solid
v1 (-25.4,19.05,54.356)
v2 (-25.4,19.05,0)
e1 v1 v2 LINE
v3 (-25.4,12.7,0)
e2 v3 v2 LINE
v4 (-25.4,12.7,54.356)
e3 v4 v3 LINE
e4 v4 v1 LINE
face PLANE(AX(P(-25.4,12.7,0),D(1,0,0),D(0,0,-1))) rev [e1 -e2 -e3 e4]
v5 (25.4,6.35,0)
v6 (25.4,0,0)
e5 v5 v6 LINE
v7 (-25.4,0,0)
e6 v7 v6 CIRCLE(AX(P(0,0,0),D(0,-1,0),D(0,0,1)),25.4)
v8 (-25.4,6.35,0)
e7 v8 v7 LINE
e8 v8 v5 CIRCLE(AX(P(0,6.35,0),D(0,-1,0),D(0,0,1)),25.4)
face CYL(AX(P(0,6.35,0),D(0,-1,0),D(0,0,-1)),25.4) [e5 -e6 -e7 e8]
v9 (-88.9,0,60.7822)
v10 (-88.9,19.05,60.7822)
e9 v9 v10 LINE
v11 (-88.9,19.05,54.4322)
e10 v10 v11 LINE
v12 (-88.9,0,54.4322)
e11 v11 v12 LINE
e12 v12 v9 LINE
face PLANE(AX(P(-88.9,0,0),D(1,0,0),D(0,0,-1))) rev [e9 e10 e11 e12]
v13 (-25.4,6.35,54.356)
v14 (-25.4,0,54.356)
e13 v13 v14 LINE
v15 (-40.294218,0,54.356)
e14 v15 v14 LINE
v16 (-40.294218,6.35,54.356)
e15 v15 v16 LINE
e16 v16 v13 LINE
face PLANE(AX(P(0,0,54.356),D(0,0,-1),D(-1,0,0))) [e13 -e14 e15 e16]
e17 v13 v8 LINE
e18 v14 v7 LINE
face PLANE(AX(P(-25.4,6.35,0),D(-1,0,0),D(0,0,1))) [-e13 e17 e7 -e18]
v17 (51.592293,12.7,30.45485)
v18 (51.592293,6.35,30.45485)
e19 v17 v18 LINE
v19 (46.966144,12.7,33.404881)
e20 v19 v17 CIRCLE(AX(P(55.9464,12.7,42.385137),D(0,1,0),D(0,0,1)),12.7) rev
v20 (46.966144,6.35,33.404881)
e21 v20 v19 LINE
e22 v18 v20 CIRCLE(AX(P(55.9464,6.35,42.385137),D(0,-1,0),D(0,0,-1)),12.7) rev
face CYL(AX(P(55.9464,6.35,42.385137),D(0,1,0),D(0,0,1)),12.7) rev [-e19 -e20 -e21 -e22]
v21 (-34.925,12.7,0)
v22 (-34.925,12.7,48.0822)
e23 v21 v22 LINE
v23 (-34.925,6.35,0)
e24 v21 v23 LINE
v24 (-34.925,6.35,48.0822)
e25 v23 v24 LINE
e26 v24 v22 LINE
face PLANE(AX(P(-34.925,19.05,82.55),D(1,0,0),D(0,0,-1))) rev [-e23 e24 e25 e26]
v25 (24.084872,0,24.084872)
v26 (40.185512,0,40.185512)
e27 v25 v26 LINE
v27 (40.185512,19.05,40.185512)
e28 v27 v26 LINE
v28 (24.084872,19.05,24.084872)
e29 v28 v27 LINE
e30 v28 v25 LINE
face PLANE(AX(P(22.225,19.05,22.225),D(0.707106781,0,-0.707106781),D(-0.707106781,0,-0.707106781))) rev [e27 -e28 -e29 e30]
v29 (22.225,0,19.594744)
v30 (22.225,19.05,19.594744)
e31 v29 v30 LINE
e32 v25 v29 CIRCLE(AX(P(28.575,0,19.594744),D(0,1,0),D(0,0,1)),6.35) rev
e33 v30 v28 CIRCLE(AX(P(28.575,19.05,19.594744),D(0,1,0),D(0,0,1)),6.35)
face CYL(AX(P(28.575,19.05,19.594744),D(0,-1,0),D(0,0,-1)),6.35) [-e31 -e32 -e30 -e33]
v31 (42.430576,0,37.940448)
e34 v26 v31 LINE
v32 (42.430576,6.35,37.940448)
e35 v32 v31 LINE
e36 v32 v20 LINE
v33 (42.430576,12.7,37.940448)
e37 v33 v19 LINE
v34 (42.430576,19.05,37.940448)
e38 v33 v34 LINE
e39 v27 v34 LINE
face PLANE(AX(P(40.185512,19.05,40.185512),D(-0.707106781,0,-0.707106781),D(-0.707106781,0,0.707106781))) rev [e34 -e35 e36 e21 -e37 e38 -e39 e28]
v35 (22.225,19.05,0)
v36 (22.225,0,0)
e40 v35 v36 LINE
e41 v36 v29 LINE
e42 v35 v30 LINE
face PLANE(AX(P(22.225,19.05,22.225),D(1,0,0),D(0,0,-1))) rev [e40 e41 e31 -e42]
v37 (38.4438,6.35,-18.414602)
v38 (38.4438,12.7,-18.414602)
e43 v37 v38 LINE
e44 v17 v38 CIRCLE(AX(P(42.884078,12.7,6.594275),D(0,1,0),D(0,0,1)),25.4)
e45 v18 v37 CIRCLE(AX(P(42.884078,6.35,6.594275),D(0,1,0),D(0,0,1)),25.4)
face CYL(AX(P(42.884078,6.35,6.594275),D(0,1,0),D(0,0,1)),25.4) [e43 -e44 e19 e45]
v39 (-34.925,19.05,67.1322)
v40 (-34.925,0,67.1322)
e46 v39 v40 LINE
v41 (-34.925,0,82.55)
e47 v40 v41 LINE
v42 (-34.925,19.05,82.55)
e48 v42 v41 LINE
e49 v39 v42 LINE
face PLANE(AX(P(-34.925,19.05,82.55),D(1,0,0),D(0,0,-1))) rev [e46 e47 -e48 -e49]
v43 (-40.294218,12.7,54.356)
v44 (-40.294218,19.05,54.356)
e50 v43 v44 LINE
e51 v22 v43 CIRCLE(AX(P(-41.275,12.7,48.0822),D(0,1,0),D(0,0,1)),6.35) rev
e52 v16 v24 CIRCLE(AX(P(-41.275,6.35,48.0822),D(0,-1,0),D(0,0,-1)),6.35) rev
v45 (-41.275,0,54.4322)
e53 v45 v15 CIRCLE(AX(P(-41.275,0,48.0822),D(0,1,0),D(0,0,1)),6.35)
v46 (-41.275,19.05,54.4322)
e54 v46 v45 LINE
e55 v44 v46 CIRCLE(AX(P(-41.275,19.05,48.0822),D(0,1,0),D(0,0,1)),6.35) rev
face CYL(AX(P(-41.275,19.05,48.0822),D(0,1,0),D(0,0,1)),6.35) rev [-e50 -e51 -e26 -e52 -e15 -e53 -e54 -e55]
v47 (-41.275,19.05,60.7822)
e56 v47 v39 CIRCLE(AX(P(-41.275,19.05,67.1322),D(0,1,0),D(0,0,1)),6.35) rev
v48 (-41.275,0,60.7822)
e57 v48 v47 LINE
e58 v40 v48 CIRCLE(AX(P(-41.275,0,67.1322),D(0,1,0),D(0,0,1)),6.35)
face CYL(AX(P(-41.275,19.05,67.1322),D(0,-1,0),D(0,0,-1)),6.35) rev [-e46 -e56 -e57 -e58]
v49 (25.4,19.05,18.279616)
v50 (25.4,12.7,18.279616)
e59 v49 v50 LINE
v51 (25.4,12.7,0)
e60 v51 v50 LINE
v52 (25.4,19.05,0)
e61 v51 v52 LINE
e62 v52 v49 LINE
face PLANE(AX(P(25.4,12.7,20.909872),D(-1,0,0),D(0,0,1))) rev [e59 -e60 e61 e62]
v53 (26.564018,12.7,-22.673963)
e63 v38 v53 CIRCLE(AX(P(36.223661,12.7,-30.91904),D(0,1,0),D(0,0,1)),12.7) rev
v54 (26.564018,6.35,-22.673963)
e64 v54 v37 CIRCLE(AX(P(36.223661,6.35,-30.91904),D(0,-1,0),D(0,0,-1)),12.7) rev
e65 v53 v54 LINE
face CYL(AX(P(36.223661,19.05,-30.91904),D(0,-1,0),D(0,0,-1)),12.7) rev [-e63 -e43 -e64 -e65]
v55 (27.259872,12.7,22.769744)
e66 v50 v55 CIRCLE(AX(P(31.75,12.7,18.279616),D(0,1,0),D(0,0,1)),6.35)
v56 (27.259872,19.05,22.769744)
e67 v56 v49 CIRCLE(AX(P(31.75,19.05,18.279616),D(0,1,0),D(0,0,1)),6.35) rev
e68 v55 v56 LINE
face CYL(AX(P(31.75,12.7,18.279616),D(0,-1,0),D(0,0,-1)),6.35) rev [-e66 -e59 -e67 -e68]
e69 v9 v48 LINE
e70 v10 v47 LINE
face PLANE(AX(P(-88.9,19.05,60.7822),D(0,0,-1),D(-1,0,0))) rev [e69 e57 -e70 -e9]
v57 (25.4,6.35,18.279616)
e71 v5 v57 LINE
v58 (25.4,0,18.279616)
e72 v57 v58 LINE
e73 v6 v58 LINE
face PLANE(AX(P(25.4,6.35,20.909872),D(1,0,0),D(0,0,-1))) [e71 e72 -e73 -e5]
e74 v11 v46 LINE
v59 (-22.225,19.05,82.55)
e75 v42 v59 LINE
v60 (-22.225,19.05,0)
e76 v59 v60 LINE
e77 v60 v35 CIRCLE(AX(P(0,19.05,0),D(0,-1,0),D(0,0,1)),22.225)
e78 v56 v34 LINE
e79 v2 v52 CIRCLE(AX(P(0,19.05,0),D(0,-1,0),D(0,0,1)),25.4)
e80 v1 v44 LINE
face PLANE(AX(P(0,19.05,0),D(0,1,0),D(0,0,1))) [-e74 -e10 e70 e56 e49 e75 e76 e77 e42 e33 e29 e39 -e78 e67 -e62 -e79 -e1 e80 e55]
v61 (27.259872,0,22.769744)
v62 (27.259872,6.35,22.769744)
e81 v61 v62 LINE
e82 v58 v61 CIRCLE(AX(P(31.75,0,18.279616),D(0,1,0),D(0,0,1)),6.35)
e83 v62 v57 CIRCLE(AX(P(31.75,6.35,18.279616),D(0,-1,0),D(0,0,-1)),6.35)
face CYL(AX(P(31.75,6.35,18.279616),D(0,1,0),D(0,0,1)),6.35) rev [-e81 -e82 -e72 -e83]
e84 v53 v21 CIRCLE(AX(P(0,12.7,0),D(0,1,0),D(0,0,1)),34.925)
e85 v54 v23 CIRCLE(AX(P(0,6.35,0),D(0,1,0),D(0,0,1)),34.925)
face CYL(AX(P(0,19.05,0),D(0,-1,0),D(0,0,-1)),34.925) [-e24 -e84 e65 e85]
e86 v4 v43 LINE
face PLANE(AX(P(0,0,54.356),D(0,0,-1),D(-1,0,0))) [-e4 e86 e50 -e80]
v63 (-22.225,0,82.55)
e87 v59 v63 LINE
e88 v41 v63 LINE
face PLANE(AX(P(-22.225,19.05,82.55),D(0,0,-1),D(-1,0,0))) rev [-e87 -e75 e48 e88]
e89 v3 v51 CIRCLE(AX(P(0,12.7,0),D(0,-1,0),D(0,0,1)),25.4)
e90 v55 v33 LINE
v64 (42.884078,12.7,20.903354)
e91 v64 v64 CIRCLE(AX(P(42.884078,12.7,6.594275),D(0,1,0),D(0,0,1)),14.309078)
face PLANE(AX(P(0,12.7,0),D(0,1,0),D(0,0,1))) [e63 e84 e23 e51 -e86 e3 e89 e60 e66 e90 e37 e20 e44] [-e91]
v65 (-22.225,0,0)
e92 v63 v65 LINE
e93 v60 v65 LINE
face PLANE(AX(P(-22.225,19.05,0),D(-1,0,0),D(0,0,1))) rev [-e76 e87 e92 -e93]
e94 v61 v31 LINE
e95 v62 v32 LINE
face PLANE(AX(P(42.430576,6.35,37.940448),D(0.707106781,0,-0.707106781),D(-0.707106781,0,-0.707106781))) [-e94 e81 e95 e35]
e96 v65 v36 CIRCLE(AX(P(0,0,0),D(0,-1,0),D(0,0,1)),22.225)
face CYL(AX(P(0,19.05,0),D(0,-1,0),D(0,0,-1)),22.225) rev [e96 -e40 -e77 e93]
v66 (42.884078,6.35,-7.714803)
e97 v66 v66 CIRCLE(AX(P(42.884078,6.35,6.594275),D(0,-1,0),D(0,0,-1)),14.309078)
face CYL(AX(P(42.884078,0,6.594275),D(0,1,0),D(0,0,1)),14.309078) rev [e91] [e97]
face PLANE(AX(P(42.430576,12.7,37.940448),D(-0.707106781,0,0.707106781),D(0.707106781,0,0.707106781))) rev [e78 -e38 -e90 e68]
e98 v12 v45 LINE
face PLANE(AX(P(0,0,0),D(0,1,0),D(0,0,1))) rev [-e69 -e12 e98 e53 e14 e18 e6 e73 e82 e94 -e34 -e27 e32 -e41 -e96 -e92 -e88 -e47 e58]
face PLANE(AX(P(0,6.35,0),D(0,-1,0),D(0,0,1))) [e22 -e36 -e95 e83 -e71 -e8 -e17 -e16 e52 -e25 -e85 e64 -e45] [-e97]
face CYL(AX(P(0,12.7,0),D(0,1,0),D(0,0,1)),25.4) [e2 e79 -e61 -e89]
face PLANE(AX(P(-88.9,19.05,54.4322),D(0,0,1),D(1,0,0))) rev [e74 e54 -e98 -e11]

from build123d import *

# Parameters (mm, degrees)
BOSS_EXTRUDE1_DEPTH = 19.05
CUT_EXTRUDE3_START  = -6.35
CUT_EXTRUDE3_DEPTH  = 6.35
FILLET1_R           = 6.35
FILLET2_R           = 6.35
SKETCH4_W           = 6.35
SKETCH4_H           = 19.05
BOSS_EXTRUDE2_DEPTH = 63.5
SKETCH6_W           = 12.7
SKETCH6_H           = 19.05
BOSS_EXTRUDE3_DEPTH = 28.194
FILLET4_R           = 6.35
FILLET5_R           = 6.35
BOSS_EXTRUDE4_DEPTH = 6.35
FILLET6_R           = 12.7
FILLET7_R           = 12.7
SKETCH9_R           = 14.309078451
CUT_EXTRUDE5_DEPTH  = 122.979516723


with BuildPart() as part:
    # Sketch1 → Boss-Extrude1 (new body)
    with BuildSketch(Plane(origin=(0, 0, 0), x_dir=(1, 0, 0), z_dir=(0, 1, 0))):
        with BuildLine():
            Line((-22.225, 0), (-22.225, -82.55))
            Line((-22.225, -82.55), (-34.925, -82.55))
            Line((-34.925, -82.55), (-34.925, 0))
            ThreePointArc((-34.925, 0), (0, 34.925), (34.925, 0))
            Line((34.925, 0), (34.925, -16.964487758))
            Line((34.925, -16.964487758), (49.165768363, -31.205256121))
            Line((49.165768363, -31.205256121), (40.185512242, -40.185512242))
            Line((40.185512242, -40.185512242), (22.225, -22.225))
            Line((22.225, -22.225), (22.225, 0))
            ThreePointArc((22.225, 0), (0, 22.225), (-22.225, 0))
        make_face()
    extrude(amount=BOSS_EXTRUDE1_DEPTH)

    # Sketch3 → Cut-Extrude3 (cut)
    with BuildSketch(Plane(origin=(0, 19.05, 0), x_dir=(1, 0, 0), z_dir=(0, 1, 0)).offset(CUT_EXTRUDE3_START)):
        with BuildLine():
            Line((-34.925, 0), (-34.925, -82.55))
            Line((-34.925, -82.55), (-25.4, -82.55))
            Line((-25.4, -82.55), (-25.4, 0))
            ThreePointArc((-25.4, 0), (0, 25.4), (25.4, 0))
            Line((25.4, 0), (25.4, -20.909871939))
            Line((25.4, -20.909871939), (42.430576272, -37.940448212))
            Line((42.430576272, -37.940448212), (49.165768363, -31.205256121))
            Line((49.165768363, -31.205256121), (34.925, -16.964487758))
            Line((34.925, -16.964487758), (34.925, 0))
            ThreePointArc((34.925, 0), (0, 34.925), (-34.925, 0))
        make_face()
    cut_extrude3 = extrude(amount=CUT_EXTRUDE3_DEPTH, mode=Mode.SUBTRACT)

    # Mirror1: Cut-Extrude3 across plane
    add(cut_extrude3.mirror(Plane.ZX.offset(9.525)), mode=Mode.SUBTRACT)

    # Fillet1
    fillet1_edges = [part.edges().sort_by_distance(p)[0] for p in [
        (34.925, 9.525, 16.964487758),
        (25.4, 15.875, 20.909871939),
        (25.4, 3.175, 20.909871939),
    ]]
    fillet(fillet1_edges, radius=FILLET1_R)

    # Fillet2
    fillet2_edges = [part.edges().sort_by_distance(p)[0] for p in [
        (22.225, 9.525, 22.225),
    ]]
    fillet(fillet2_edges, radius=FILLET2_R)

    # Sketch4 → Boss-Extrude2 (add)
    with BuildSketch(Plane.ZY.offset(25.4)):
        with Locations((57.6072, 9.525)):
            Rectangle(SKETCH4_W, SKETCH4_H)
    extrude(amount=BOSS_EXTRUDE2_DEPTH)

    # Sketch6 → Boss-Extrude3 (add)
    with BuildSketch(Plane.XY.offset(82.55)):
        with Locations((-28.575, 9.525)):
            Rectangle(SKETCH6_W, SKETCH6_H)
    extrude(amount=-BOSS_EXTRUDE3_DEPTH)

    # Fillet4
    fillet4_edges = [part.edges().sort_by_distance(p)[0] for p in [
        (-34.925, 9.525, 60.7822),
    ]]
    fillet(fillet4_edges, radius=FILLET4_R)

    # Fillet5
    fillet5_edges = [part.edges().sort_by_distance(p)[0] for p in [
        (-34.925, 9.525, 54.4322),
    ]]
    fillet(fillet5_edges, radius=FILLET5_R)

    # Sketch8 → Boss-Extrude4 (add)
    with BuildSketch(Plane(origin=(0, 12.7, 0), x_dir=(1, 0, 0), z_dir=(0, 1, 0))):
        with BuildLine():
            Line((34.925, -14.334231637), (34.925, 0))
            ThreePointArc((34.925, 0), (33.953727024, 8.179244844), (31.093930783, 15.903556001))
            ThreePointArc((31.093930783, 15.903556001), (66.598964527, 2.503206576), (49.165768363, -31.205256121))
            Line((49.165768363, -31.205256121), (36.784871939, -18.824359697))
            ThreePointArc((36.784871939, -18.824359697), (35.408364969, -16.764271432), (34.925, -14.334231637))
        make_face()
    extrude(amount=-BOSS_EXTRUDE4_DEPTH)

    # Fillet6
    fillet6_edges = [part.edges().sort_by_distance(p)[0] for p in [
        (31.093930783, 9.525, -15.903556001),
    ]]
    fillet(fillet6_edges, radius=FILLET6_R)

    # Fillet7
    fillet7_edges = [part.edges().sort_by_distance(p)[0] for p in [
        (49.165768363, 9.525, 31.205256121),
    ]]
    fillet(fillet7_edges, radius=FILLET7_R)

    # Sketch9 → Cut-Extrude5 (cut, through all)
    with BuildSketch(Plane(origin=(0, 12.7, 0), x_dir=(1, 0, 0), z_dir=(0, 1, 0))):
        with Locations(Location((42.884078451, -6.594275404, 0), (0, 0, 270))):
            Circle(SKETCH9_R)
    extrude(amount=-CUT_EXTRUDE5_DEPTH, mode=Mode.SUBTRACT)


solid = part.part
